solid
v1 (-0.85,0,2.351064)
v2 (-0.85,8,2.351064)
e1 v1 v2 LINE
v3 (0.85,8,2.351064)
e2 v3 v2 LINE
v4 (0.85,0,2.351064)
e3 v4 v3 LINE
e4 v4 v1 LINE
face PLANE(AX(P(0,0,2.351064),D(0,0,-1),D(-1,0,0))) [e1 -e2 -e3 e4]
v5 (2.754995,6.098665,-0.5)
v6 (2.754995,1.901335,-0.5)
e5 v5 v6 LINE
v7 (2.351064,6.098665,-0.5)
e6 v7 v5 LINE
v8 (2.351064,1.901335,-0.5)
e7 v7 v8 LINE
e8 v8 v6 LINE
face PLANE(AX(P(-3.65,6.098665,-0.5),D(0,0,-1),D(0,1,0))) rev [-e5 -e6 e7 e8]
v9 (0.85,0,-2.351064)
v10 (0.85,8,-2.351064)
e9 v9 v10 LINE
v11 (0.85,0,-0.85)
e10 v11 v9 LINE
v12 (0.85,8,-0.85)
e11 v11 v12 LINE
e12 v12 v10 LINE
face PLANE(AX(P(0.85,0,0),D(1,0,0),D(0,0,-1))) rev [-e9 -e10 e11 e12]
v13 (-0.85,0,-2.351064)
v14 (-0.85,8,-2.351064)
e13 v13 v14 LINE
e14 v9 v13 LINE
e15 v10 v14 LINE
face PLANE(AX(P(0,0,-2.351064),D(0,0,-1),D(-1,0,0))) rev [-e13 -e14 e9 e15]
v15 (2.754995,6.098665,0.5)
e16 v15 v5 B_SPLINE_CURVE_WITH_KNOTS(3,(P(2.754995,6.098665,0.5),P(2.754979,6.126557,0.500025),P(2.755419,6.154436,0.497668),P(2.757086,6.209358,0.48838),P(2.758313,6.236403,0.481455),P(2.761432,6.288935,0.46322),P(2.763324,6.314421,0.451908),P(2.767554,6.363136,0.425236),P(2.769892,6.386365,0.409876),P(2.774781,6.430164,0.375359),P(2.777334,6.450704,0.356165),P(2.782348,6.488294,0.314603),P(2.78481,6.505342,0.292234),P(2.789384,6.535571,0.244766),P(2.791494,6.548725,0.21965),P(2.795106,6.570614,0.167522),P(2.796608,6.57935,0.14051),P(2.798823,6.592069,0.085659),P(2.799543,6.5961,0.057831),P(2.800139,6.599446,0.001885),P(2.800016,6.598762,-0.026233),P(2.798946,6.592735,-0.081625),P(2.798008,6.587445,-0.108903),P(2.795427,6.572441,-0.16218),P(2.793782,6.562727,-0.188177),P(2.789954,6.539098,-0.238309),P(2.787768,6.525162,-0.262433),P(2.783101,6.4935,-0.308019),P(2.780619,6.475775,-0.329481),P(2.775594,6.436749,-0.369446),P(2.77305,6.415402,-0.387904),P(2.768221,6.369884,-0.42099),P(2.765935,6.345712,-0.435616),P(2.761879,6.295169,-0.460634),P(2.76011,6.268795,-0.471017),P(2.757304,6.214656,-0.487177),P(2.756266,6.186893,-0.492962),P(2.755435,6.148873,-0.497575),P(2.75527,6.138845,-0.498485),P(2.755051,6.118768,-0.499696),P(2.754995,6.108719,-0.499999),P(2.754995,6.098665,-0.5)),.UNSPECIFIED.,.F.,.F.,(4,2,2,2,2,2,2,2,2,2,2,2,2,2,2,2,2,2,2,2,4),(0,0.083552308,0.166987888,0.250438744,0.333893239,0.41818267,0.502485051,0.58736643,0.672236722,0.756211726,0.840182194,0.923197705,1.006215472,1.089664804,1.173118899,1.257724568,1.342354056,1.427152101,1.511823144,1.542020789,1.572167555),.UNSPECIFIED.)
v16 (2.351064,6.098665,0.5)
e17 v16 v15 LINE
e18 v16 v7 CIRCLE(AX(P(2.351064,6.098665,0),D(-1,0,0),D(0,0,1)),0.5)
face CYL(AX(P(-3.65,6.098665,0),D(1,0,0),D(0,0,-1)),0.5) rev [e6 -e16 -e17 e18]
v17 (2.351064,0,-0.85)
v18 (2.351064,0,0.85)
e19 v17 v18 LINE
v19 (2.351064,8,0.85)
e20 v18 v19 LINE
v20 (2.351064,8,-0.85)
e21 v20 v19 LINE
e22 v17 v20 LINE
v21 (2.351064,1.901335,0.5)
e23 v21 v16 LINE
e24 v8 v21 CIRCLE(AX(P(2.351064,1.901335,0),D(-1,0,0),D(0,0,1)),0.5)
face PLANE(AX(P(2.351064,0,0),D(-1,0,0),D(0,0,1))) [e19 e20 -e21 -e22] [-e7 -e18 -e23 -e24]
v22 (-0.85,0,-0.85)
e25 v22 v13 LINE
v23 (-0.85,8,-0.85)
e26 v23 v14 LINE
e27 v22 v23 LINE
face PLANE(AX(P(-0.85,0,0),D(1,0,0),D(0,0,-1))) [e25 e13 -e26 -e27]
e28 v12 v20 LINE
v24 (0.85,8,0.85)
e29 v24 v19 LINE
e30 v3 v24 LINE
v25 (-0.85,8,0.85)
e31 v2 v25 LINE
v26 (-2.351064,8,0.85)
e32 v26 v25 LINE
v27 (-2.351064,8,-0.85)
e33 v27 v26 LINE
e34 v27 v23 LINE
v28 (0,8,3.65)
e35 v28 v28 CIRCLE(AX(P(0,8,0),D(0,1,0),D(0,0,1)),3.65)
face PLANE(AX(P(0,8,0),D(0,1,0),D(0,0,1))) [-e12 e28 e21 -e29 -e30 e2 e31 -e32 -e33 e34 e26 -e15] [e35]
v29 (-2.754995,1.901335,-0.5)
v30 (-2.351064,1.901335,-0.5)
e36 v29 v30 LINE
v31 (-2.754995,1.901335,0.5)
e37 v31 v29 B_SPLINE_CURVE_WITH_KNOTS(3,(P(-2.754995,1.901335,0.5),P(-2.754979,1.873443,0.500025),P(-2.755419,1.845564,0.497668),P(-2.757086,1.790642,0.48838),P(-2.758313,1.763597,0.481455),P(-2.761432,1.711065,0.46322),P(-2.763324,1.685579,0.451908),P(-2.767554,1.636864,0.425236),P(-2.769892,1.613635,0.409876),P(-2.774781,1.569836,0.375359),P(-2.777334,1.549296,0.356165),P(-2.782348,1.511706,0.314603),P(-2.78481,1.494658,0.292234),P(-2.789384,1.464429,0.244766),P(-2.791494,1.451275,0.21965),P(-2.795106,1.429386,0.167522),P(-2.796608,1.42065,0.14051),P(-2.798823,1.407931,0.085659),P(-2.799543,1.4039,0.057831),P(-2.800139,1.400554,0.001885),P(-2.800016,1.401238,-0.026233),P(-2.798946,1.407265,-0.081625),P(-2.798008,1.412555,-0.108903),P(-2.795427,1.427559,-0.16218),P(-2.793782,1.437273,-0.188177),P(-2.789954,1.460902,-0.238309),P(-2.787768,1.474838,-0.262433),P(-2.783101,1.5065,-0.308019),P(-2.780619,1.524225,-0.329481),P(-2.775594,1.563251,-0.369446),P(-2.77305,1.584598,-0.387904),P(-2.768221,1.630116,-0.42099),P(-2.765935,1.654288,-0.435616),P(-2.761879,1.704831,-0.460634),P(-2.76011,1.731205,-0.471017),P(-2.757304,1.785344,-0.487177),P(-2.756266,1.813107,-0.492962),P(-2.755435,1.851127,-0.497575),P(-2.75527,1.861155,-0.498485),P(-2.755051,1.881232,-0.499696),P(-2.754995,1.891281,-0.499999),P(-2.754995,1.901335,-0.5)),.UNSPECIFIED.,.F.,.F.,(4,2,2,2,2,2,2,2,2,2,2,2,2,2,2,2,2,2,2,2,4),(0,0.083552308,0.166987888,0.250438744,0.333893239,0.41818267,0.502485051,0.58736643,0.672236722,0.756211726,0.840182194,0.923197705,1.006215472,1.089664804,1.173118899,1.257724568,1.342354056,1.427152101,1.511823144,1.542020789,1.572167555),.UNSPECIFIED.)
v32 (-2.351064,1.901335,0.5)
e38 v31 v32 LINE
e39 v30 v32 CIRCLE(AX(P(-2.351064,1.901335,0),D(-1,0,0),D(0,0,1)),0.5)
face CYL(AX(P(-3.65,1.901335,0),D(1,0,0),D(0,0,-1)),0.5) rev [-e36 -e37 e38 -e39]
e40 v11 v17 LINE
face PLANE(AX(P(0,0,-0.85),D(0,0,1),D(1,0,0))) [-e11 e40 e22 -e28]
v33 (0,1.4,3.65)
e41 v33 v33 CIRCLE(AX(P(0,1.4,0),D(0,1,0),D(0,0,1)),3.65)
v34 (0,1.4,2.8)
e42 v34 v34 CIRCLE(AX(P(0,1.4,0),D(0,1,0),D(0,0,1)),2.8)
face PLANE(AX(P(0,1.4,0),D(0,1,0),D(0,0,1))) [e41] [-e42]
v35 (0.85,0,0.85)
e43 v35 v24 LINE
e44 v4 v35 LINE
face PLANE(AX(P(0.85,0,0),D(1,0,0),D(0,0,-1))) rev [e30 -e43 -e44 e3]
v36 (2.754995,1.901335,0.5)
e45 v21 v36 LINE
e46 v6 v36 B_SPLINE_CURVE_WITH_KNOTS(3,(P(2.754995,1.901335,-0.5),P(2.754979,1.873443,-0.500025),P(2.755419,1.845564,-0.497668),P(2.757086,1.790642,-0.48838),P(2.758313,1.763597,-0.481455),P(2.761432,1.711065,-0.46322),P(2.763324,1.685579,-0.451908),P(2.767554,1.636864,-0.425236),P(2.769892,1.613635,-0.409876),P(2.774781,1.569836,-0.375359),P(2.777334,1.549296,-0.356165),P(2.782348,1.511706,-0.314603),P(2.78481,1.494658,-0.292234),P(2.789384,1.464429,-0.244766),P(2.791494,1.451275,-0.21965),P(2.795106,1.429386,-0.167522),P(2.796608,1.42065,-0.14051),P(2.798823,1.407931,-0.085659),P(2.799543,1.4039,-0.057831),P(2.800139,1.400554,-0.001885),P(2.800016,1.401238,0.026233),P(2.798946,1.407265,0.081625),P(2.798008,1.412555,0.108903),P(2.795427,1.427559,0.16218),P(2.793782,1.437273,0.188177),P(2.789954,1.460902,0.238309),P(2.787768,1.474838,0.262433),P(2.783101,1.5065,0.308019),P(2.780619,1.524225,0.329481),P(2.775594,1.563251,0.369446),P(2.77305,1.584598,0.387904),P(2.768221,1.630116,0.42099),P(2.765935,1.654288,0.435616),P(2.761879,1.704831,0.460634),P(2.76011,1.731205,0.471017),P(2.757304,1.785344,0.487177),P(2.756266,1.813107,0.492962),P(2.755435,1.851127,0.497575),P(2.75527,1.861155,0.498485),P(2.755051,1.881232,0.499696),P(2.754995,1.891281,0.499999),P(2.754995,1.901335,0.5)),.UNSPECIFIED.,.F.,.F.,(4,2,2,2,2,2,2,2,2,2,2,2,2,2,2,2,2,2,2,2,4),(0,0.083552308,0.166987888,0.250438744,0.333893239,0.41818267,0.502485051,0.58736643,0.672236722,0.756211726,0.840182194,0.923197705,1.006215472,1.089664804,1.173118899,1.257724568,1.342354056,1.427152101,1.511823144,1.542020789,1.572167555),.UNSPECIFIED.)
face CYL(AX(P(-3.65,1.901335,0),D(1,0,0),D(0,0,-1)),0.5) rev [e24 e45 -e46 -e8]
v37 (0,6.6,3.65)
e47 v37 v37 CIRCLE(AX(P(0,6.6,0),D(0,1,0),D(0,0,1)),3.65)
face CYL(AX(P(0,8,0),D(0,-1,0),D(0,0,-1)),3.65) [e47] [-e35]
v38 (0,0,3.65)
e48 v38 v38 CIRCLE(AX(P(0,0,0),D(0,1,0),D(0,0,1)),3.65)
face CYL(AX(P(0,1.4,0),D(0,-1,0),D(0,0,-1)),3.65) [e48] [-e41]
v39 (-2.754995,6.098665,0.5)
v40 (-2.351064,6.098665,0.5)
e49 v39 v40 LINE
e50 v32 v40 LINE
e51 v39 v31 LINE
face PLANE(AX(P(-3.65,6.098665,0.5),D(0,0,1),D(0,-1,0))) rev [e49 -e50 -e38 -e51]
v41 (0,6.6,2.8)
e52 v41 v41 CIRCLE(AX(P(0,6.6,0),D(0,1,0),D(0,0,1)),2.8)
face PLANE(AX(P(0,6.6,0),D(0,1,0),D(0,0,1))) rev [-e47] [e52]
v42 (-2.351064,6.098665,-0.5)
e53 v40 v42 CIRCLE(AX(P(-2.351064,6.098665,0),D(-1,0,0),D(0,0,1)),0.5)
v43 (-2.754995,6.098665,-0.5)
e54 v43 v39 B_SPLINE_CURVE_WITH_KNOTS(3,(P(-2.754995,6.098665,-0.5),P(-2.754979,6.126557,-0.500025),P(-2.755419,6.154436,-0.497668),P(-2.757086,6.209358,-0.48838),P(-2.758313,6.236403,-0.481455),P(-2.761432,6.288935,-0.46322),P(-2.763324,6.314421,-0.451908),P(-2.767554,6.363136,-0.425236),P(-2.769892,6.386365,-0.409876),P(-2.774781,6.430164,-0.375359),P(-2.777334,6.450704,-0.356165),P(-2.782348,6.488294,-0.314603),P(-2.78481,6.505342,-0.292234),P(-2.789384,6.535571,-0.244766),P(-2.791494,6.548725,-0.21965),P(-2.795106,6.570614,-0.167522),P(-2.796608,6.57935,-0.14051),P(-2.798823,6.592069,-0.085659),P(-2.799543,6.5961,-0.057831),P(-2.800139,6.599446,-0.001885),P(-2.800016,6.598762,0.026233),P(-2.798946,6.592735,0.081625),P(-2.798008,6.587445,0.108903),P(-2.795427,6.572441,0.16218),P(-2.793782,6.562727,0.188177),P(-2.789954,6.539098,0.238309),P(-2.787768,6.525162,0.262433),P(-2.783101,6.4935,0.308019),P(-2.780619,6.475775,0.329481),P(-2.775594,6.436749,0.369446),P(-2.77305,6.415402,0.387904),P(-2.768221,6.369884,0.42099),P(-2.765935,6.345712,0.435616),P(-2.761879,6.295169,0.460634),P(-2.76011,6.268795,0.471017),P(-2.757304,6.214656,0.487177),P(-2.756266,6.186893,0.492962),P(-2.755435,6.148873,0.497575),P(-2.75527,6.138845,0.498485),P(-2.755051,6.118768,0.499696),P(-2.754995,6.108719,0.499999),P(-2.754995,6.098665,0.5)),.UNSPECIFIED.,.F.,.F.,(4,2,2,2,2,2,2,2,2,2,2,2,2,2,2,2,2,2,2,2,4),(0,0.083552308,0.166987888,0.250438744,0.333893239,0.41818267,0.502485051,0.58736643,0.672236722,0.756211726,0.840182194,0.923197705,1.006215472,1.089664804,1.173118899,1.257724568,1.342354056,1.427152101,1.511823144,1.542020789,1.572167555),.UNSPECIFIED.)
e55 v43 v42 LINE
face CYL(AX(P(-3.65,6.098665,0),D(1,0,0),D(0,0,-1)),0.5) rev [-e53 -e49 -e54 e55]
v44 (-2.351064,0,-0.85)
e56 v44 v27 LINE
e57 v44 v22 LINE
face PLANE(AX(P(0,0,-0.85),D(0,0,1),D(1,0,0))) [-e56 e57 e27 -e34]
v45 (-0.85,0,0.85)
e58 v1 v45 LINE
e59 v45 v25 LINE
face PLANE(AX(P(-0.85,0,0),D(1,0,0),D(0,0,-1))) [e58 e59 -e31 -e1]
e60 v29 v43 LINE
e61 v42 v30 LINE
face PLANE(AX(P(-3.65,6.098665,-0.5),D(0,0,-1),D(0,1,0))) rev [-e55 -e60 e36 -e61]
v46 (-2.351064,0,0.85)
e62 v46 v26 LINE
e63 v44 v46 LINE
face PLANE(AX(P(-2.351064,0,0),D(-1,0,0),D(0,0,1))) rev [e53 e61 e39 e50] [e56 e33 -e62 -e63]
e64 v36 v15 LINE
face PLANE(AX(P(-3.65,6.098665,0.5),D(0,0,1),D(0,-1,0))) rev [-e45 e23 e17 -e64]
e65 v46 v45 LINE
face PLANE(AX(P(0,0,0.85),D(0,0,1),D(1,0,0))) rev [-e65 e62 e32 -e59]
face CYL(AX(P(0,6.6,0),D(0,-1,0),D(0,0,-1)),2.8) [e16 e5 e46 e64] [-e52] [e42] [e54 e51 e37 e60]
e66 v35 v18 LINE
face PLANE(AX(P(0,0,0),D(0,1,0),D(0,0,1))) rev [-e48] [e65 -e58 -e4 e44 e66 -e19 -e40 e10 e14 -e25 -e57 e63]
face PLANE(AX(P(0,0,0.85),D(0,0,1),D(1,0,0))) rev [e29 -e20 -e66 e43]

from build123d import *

# Parameters (mm, degrees)
SKETCH2_R           = 3.65
BOSS_EXTRUDE1_DEPTH = 1.4
SKETCH3_R           = 2.8
BOSS_EXTRUDE2_DEPTH = 5.2
SKETCH4_R           = 3.65
BOSS_EXTRUDE3_DEPTH = 1.4
CUT_EXTRUDE1_DEPTH  = 9
CUT_EXTRUDE2_DEPTH  = 14.65


with BuildPart() as part:
    # Sketch2 → Boss-Extrude1 (new body)
    with BuildSketch(Plane(origin=(0, 0, 0), x_dir=(1, 0, 0), z_dir=(0, 1, 0))):
        Circle(SKETCH2_R)
    extrude(amount=BOSS_EXTRUDE1_DEPTH)

    # Sketch3 → Boss-Extrude2 (add)
    with BuildSketch(Plane(origin=(0, 1.4, 0), x_dir=(1, 0, 0), z_dir=(0, 1, 0))):
        Circle(SKETCH3_R)
    extrude(amount=BOSS_EXTRUDE2_DEPTH)

    # Sketch4 → Boss-Extrude3 (add)
    with BuildSketch(Plane(origin=(0, 6.6, 0), x_dir=(1, 0, 0), z_dir=(0, 1, 0))):
        Circle(SKETCH4_R)
    extrude(amount=BOSS_EXTRUDE3_DEPTH)

    # Sketch5 → Cut-Extrude1 (cut, through all)
    with BuildSketch(Plane(origin=(0, 8, 0), x_dir=(1, 0, 0), z_dir=(0, 1, 0))):
        Polygon((0.85, -2.351063589), (0.85, -0.85), (2.351063589, -0.85), (2.351063589, 0.85), (0.85, 0.85), (0.85, 2.351063589), (-0.85, 2.351063589), (-0.85, 0.85), (-2.351063589, 0.85), (-2.351063589, -0.85), (-0.85, -0.85), (-0.85, -2.351063589), align=None)
    extrude(amount=-CUT_EXTRUDE1_DEPTH, mode=Mode.SUBTRACT)

    # Sketch6 → Cut-Extrude2 (cut, through all)
    with BuildSketch(Plane(origin=(10, 0, 0), x_dir=(0, 0, -1), z_dir=(1, 0, 0))):
        with BuildLine():
            Line((0.5, 6.098665366), (0.5, 1.901334634))
            ThreePointArc((0.5, 1.901334634), (0, 1.401334634), (-0.5, 1.901334634))
            Line((-0.5, 1.901334634), (-0.5, 6.098665366))
            ThreePointArc((-0.5, 6.098665366), (0, 6.598665366), (0.5, 6.098665366))
        make_face()
    extrude(amount=-CUT_EXTRUDE2_DEPTH, mode=Mode.SUBTRACT)


solid = part.part
